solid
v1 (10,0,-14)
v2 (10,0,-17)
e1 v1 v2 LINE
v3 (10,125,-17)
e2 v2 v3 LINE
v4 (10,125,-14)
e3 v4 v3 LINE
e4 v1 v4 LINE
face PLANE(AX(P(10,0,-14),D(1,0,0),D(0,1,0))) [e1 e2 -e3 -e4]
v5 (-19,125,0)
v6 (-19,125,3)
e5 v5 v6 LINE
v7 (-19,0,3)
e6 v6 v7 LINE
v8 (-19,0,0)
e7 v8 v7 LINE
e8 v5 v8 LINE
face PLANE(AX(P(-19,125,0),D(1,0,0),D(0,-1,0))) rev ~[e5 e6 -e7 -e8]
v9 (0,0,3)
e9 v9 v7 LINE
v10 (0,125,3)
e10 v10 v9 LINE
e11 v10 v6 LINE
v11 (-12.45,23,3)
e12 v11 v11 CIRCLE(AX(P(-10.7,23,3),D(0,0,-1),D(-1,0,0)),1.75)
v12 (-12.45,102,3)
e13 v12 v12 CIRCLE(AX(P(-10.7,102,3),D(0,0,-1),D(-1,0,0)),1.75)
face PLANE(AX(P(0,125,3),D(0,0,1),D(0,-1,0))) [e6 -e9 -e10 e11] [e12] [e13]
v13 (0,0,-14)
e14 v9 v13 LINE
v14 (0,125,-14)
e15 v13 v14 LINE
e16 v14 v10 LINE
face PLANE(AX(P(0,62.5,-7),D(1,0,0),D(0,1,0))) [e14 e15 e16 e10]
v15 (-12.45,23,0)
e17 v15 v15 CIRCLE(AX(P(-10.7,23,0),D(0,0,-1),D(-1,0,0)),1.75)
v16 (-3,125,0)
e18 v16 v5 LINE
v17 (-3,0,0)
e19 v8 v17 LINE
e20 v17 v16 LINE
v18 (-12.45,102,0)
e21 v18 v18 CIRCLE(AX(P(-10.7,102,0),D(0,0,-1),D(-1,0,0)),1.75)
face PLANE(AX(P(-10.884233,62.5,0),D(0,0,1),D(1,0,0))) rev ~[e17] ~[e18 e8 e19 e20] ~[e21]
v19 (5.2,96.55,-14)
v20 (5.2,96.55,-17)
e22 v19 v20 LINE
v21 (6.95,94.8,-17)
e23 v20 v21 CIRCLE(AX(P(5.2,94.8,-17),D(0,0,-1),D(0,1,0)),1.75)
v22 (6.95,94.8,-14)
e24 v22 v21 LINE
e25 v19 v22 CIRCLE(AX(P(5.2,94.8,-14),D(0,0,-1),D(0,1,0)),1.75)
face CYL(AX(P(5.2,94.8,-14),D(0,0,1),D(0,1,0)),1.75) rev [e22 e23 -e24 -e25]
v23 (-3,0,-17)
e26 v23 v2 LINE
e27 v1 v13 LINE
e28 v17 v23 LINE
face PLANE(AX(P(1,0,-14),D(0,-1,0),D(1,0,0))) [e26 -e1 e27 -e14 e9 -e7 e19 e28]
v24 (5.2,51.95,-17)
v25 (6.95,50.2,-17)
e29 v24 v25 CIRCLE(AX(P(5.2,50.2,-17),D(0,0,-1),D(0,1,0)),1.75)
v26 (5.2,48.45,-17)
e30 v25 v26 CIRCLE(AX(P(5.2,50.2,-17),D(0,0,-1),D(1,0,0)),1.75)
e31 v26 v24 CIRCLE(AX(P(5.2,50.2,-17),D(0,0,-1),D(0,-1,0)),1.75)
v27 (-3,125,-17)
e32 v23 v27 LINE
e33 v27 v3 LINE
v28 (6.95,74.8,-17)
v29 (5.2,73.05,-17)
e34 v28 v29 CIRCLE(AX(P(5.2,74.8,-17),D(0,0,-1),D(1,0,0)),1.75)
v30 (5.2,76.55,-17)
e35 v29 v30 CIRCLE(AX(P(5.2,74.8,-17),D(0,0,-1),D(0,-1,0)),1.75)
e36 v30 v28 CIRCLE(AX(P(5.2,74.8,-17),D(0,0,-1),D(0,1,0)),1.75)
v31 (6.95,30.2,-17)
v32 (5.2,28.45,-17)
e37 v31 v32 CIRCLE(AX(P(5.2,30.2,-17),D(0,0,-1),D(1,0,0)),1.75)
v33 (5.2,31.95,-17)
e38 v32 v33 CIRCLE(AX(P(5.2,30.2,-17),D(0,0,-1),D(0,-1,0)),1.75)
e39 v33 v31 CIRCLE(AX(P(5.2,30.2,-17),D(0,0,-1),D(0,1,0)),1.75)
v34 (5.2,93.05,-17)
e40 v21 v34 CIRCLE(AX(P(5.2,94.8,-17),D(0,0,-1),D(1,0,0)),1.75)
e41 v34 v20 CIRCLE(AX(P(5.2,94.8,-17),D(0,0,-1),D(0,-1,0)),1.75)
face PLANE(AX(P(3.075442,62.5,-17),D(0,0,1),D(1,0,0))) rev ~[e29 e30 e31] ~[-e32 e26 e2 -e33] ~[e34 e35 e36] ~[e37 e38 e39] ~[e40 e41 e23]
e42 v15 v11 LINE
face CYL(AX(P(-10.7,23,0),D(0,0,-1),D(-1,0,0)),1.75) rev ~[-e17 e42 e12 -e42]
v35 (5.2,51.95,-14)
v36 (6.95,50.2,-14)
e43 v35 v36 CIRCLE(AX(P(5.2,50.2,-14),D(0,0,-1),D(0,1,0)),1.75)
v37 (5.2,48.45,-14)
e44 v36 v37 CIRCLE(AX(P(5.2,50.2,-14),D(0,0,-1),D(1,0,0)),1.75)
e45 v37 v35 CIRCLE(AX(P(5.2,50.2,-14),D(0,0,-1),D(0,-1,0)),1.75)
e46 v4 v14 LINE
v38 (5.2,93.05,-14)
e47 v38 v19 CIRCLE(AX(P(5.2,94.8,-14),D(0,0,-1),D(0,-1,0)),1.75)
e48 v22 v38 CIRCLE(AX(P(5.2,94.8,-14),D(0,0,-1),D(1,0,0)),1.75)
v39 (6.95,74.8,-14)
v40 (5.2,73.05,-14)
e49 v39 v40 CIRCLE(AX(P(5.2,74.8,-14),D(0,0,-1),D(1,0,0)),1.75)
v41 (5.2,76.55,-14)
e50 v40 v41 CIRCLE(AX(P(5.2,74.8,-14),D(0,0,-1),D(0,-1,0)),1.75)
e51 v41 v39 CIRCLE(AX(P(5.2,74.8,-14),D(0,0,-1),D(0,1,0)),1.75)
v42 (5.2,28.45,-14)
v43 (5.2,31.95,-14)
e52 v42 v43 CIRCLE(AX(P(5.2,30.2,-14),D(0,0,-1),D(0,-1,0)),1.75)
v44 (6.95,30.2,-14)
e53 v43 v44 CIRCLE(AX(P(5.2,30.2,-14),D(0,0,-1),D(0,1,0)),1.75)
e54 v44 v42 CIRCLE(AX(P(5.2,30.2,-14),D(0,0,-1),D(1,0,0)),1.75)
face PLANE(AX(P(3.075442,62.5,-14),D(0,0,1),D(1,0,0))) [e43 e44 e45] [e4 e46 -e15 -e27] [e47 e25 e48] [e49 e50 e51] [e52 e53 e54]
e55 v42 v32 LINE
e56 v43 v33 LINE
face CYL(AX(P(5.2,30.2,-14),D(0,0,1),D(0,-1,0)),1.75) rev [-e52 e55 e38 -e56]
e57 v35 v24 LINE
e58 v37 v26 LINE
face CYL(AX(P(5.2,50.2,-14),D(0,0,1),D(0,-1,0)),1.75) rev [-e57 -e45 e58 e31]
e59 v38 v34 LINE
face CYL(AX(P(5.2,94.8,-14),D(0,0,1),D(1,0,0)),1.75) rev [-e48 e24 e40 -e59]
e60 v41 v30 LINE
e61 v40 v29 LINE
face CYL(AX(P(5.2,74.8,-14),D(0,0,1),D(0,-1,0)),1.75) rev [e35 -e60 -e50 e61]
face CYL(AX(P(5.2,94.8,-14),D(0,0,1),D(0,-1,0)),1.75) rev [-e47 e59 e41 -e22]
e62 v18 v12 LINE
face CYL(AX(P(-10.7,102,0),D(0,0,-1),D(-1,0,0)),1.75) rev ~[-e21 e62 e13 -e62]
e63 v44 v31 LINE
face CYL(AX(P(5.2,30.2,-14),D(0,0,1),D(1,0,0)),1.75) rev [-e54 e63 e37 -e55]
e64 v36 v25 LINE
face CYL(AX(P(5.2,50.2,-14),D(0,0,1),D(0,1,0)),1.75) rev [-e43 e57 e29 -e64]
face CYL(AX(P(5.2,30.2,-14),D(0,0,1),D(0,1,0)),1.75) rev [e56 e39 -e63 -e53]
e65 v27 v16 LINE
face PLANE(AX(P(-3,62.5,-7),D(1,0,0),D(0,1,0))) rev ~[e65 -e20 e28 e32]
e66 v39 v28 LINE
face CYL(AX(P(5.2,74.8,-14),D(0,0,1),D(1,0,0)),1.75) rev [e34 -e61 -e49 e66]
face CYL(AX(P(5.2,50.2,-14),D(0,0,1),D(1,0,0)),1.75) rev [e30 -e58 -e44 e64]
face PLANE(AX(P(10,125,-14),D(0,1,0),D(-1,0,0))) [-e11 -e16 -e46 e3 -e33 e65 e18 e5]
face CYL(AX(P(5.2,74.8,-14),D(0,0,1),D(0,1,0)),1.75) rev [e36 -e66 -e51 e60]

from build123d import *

# Parameters (mm, degrees)
F3_DEPTH = 3
F4_DEPTH = 3
F0_W     = 1
F0_H     = 3
F5_DEPTH = 125
F7_DEPTH = 3


with BuildPart() as f3:
    # F1 (on Top) → F3 (new body)
    with BuildSketch(Plane.XY):
        Polygon((-19, 0), (-2.7684667148, 0), (-2.7684667148, 125), (-19, 125), (-19, 102), (-19, 23), align=None)
        with BuildLine():
            ThreePointArc((-8.95, 23), (-10.7, 21.25), (-12.45, 23))
            ThreePointArc((-12.45, 23), (-10.7, 24.75), (-8.95, 23))
        make_face(mode=Mode.SUBTRACT)
        with BuildLine():
            ThreePointArc((-8.95, 102), (-10.7, 100.25), (-12.45, 102))
            ThreePointArc((-12.45, 102), (-10.7, 103.75), (-8.95, 102))
        make_face(mode=Mode.SUBTRACT)
    extrude(amount=F3_DEPTH)

    # F2 (on Right) → F4 (join)
    with BuildSketch(Plane.YZ):
        Polygon((0, 3), (0, 0), (0, -17), (125, -17), (125, 3), align=None)
    extrude(amount=-F4_DEPTH)

    # F0 (on Front) → F5 (join)
    with BuildSketch(Plane.XZ):
        with Locations((0.5, -15.5)):
            Rectangle(F0_W, F0_H)
    extrude(amount=-F5_DEPTH)

    # F6 (on face) → F7 (join)
    with BuildSketch(Plane.XY.offset(-14)):
        with BuildLine():
            Line((1, 125), (1, 0))
            Line((1, 0), (5.2, 0))
            Line((5.2, 0), (5.2, 28.45))
            ThreePointArc((5.2, 28.45), (3.45, 30.2), (5.2, 31.95))
            Line((5.2, 31.95), (5.2, 48.45))
            ThreePointArc((5.2, 48.45), (3.45, 50.2), (5.2, 51.95))
            Line((5.2, 51.95), (5.2, 73.05))
            ThreePointArc((5.2, 73.05), (3.45, 74.8), (5.2, 76.55))
            Line((5.2, 76.55), (5.2, 93.05))
            ThreePointArc((5.2, 93.05), (3.45, 94.8), (5.2, 96.55))
            Line((5.2, 96.55), (5.2, 125))
            Line((5.2, 125), (1, 125))
        make_face()
        with BuildLine():
            Line((5.2, 28.45), (5.2, 0))
            Line((5.2, 0), (10, 0))
            Line((10, 0), (10, 125))
            Line((10, 125), (6.2, 125))
            Line((6.2, 125), (5.2, 125))
            Line((5.2, 125), (5.2, 96.55))
            ThreePointArc((5.2, 96.55), (6.4374368671, 96.0374368671), (6.95, 94.8))
            ThreePointArc((6.95, 94.8), (6.4374368671, 93.5625631329), (5.2, 93.05))
            Line((5.2, 93.05), (5.2, 76.55))
            ThreePointArc((5.2, 76.55), (6.4374368671, 76.0374368671), (6.95, 74.8))
            ThreePointArc((6.95, 74.8), (6.4374368671, 73.5625631329), (5.2, 73.05))
            Line((5.2, 73.05), (5.2, 51.95))
            ThreePointArc((5.2, 51.95), (6.4374368671, 51.4374368671), (6.95, 50.2))
            ThreePointArc((6.95, 50.2), (6.4374368671, 48.9625631329), (5.2, 48.45))
            Line((5.2, 48.45), (5.2, 31.95))
            ThreePointArc((5.2, 31.95), (6.4374368671, 31.4374368671), (6.95, 30.2))
            ThreePointArc((6.95, 30.2), (6.4374368671, 28.9625631329), (5.2, 28.45))
        make_face()
    extrude(amount=-F7_DEPTH)


solid = f3.part
